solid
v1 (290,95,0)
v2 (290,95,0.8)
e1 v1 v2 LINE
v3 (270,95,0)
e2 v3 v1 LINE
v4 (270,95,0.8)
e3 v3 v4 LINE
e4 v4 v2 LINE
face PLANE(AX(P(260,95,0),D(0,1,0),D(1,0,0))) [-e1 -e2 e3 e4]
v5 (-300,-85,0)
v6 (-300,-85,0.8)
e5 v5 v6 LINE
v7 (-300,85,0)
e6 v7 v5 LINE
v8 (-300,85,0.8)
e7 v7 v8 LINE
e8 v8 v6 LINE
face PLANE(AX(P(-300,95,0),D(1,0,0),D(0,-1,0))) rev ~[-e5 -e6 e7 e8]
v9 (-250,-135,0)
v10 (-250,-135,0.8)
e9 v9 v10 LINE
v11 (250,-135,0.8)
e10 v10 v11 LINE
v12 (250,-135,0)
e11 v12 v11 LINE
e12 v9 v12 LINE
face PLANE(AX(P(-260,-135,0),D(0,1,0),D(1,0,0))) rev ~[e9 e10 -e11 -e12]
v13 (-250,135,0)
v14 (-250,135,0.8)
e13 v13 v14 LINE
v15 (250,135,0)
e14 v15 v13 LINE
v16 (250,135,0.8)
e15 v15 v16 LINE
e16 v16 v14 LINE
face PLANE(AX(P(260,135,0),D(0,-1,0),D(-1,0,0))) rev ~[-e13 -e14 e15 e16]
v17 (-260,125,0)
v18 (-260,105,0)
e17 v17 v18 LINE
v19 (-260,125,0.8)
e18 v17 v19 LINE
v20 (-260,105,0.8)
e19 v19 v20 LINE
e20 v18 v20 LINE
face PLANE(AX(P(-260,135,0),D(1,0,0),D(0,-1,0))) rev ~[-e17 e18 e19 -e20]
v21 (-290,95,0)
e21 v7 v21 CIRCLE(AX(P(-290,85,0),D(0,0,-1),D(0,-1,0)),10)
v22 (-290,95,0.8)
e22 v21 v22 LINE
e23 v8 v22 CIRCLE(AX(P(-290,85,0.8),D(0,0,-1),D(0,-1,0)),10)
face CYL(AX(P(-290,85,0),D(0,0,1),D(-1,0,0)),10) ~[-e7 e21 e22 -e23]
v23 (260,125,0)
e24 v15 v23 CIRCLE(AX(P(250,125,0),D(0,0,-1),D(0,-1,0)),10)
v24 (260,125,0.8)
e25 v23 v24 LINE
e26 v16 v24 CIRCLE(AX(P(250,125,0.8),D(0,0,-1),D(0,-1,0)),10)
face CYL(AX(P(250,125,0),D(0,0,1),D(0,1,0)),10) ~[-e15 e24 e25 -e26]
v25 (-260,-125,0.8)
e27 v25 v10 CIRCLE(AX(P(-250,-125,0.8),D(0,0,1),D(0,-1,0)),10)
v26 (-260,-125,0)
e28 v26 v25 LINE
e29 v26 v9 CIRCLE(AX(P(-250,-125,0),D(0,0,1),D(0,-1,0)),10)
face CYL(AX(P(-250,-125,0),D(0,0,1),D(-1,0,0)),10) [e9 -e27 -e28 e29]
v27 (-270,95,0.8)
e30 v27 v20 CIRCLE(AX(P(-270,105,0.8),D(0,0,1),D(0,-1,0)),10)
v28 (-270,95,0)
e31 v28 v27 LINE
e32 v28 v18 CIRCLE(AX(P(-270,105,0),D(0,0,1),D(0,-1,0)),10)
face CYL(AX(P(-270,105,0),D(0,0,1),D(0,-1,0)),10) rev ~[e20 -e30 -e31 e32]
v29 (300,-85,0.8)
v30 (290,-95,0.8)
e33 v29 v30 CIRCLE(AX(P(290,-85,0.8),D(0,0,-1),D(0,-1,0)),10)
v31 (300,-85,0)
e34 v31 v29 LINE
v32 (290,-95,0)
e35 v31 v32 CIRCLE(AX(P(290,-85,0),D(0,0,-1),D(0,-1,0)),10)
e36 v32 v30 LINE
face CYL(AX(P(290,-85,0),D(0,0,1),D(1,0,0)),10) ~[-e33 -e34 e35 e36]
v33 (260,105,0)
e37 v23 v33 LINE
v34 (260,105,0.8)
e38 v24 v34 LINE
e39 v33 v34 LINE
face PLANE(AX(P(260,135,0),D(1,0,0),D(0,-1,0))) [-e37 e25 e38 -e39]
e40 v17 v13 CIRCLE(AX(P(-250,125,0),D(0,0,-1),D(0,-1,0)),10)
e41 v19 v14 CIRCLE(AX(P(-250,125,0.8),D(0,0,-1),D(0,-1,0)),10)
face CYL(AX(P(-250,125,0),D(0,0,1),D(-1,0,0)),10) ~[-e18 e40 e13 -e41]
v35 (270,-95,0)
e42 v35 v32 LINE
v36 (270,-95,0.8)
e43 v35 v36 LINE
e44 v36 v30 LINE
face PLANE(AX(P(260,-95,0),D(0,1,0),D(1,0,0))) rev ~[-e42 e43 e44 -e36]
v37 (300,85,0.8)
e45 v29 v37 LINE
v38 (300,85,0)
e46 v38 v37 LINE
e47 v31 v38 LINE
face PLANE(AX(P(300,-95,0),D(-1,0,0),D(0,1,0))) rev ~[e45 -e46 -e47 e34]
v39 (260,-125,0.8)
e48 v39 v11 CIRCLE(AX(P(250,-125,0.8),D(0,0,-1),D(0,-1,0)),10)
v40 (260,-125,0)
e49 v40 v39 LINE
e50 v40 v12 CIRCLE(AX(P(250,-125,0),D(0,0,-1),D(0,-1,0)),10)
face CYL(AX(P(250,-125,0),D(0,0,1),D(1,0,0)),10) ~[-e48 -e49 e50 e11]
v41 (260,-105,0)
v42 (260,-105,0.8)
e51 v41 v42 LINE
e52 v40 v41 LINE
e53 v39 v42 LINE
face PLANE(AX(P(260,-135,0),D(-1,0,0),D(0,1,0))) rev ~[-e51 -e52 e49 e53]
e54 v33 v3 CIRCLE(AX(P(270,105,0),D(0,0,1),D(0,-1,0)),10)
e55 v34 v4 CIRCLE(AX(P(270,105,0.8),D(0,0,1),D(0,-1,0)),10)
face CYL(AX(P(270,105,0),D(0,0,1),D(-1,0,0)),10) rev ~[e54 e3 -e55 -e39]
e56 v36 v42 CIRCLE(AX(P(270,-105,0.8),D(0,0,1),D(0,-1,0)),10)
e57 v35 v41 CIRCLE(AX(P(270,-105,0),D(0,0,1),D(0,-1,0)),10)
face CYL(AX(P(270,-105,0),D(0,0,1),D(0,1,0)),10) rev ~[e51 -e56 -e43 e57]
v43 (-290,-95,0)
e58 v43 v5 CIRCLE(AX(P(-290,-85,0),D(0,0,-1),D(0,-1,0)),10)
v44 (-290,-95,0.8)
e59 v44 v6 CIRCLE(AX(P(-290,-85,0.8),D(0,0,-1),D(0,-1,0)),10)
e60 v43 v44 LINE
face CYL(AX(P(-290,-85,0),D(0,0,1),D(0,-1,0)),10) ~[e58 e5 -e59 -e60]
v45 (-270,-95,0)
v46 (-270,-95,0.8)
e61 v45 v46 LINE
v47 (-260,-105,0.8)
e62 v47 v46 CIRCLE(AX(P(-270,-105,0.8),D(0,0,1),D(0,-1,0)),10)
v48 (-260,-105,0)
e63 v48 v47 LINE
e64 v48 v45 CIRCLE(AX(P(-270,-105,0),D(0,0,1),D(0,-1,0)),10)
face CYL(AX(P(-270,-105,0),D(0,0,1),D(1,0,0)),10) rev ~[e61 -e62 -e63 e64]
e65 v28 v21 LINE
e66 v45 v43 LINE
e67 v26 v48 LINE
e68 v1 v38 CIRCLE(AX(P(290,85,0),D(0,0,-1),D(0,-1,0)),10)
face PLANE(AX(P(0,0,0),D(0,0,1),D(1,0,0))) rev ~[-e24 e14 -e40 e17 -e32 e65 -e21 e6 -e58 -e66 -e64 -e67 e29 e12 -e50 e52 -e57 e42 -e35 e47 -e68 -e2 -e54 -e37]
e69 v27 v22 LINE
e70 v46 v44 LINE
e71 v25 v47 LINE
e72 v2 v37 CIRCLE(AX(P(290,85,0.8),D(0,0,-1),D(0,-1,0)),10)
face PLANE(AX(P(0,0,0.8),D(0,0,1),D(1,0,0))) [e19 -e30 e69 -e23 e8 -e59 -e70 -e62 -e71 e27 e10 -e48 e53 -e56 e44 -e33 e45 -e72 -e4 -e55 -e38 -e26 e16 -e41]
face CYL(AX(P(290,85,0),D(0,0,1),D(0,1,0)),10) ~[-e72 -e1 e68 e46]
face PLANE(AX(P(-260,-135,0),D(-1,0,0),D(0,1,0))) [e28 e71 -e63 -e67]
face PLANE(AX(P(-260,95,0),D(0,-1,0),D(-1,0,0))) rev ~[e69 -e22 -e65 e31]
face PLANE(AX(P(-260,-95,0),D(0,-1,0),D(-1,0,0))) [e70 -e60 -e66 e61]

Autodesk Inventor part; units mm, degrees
ref_plane "YZ Plane" through (0, 0, 0) normal (1, 0, 0) x (0, 1, 0)
ref_plane "XZ Plane" through (0, 0, 0) normal (0, 1, 0) x (-1, 0, 0)
ref_plane "XY Plane" through (0, 0, 0) normal (0, 0, 1) x (1, 0, 0)
sketch "Sketch1" plane through (0, 0, 0) normal (0, 0, 1) x (1, 0, 0)
  line L0 (-300, -135) -> (300, -135)
  line L1 (300, -135) -> (300, 135)
  line L2 (300, 135) -> (-300, 135)
  line L3 (-300, 135) -> (-300, -135)
  line L4 (-300, -135) -> (300, 135) construction
  line L5 (300, -135) -> (-300, 135) construction
  line L6 (-300, 135) -> (-260, 135)
  line L7 (-260, 135) -> (-260, 95)
  line L8 (-260, 95) -> (-300, 95)
  line L9 (-300, 95) -> (-300, 135)
  line L10 (300, 135) -> (260, 135)
  line L11 (260, 135) -> (260, 95)
  line L12 (260, 95) -> (300, 95)
  line L13 (300, 95) -> (300, 135)
  line L14 (-300, -135) -> (-260, -135)
  line L15 (-260, -135) -> (-260, -95)
  line L16 (-260, -95) -> (-300, -95)
  line L17 (-300, -95) -> (-300, -135)
  line L18 (300, -135) -> (260, -135)
  line L19 (260, -135) -> (260, -95)
  line L20 (260, -95) -> (300, -95)
  line L21 (300, -95) -> (300, -135)
  line L22 (-280, 95) -> (-280, -95) construction
  line L23 (-260, -115) -> (260, -115) construction
  line L24 (280, -95) -> (280, 95) construction
  line L25 (-260, 115) -> (260, 115) construction
  point P0 (0, 0)
  point P1 (300, -95)
  point P2 (300, 95)
  point P3 (-260, 135)
  point P4 (-300, -95)
  dimension "d0" = 600
  dimension "d1" = 270
  dimension "d2" = 40
  dimension "d3" = 40
  dimension "d4" = 40
  dimension "d5" = 40
  dimension "d6" = 40
  dimension "d7" = 40
  dimension "d8" = 40
  dimension "d9" = 40
extrude "Extrusion1" add sketch "Sketch1" along normal blind 0.8 contours L15 L16 L3 L8 L7 L2 L11 L12 L1 L20 L19 L0
fillet "Fillet1" radius 10 12 edges at (-300, 95, 0.4) (-260, 95, 0.4) (-260, 135, 0.4) (260, 95, 0.4) (260, 135, 0.4) (300, 95, 0.4) (260, -135, 0.4) (260, -95, 0.4) (300, -95, 0.4) (-260, -95, 0.4) (-260, -135, 0.4) (-300, -95, 0.4)
properties part number "RT_FRM_MC_015_BottomCover"
